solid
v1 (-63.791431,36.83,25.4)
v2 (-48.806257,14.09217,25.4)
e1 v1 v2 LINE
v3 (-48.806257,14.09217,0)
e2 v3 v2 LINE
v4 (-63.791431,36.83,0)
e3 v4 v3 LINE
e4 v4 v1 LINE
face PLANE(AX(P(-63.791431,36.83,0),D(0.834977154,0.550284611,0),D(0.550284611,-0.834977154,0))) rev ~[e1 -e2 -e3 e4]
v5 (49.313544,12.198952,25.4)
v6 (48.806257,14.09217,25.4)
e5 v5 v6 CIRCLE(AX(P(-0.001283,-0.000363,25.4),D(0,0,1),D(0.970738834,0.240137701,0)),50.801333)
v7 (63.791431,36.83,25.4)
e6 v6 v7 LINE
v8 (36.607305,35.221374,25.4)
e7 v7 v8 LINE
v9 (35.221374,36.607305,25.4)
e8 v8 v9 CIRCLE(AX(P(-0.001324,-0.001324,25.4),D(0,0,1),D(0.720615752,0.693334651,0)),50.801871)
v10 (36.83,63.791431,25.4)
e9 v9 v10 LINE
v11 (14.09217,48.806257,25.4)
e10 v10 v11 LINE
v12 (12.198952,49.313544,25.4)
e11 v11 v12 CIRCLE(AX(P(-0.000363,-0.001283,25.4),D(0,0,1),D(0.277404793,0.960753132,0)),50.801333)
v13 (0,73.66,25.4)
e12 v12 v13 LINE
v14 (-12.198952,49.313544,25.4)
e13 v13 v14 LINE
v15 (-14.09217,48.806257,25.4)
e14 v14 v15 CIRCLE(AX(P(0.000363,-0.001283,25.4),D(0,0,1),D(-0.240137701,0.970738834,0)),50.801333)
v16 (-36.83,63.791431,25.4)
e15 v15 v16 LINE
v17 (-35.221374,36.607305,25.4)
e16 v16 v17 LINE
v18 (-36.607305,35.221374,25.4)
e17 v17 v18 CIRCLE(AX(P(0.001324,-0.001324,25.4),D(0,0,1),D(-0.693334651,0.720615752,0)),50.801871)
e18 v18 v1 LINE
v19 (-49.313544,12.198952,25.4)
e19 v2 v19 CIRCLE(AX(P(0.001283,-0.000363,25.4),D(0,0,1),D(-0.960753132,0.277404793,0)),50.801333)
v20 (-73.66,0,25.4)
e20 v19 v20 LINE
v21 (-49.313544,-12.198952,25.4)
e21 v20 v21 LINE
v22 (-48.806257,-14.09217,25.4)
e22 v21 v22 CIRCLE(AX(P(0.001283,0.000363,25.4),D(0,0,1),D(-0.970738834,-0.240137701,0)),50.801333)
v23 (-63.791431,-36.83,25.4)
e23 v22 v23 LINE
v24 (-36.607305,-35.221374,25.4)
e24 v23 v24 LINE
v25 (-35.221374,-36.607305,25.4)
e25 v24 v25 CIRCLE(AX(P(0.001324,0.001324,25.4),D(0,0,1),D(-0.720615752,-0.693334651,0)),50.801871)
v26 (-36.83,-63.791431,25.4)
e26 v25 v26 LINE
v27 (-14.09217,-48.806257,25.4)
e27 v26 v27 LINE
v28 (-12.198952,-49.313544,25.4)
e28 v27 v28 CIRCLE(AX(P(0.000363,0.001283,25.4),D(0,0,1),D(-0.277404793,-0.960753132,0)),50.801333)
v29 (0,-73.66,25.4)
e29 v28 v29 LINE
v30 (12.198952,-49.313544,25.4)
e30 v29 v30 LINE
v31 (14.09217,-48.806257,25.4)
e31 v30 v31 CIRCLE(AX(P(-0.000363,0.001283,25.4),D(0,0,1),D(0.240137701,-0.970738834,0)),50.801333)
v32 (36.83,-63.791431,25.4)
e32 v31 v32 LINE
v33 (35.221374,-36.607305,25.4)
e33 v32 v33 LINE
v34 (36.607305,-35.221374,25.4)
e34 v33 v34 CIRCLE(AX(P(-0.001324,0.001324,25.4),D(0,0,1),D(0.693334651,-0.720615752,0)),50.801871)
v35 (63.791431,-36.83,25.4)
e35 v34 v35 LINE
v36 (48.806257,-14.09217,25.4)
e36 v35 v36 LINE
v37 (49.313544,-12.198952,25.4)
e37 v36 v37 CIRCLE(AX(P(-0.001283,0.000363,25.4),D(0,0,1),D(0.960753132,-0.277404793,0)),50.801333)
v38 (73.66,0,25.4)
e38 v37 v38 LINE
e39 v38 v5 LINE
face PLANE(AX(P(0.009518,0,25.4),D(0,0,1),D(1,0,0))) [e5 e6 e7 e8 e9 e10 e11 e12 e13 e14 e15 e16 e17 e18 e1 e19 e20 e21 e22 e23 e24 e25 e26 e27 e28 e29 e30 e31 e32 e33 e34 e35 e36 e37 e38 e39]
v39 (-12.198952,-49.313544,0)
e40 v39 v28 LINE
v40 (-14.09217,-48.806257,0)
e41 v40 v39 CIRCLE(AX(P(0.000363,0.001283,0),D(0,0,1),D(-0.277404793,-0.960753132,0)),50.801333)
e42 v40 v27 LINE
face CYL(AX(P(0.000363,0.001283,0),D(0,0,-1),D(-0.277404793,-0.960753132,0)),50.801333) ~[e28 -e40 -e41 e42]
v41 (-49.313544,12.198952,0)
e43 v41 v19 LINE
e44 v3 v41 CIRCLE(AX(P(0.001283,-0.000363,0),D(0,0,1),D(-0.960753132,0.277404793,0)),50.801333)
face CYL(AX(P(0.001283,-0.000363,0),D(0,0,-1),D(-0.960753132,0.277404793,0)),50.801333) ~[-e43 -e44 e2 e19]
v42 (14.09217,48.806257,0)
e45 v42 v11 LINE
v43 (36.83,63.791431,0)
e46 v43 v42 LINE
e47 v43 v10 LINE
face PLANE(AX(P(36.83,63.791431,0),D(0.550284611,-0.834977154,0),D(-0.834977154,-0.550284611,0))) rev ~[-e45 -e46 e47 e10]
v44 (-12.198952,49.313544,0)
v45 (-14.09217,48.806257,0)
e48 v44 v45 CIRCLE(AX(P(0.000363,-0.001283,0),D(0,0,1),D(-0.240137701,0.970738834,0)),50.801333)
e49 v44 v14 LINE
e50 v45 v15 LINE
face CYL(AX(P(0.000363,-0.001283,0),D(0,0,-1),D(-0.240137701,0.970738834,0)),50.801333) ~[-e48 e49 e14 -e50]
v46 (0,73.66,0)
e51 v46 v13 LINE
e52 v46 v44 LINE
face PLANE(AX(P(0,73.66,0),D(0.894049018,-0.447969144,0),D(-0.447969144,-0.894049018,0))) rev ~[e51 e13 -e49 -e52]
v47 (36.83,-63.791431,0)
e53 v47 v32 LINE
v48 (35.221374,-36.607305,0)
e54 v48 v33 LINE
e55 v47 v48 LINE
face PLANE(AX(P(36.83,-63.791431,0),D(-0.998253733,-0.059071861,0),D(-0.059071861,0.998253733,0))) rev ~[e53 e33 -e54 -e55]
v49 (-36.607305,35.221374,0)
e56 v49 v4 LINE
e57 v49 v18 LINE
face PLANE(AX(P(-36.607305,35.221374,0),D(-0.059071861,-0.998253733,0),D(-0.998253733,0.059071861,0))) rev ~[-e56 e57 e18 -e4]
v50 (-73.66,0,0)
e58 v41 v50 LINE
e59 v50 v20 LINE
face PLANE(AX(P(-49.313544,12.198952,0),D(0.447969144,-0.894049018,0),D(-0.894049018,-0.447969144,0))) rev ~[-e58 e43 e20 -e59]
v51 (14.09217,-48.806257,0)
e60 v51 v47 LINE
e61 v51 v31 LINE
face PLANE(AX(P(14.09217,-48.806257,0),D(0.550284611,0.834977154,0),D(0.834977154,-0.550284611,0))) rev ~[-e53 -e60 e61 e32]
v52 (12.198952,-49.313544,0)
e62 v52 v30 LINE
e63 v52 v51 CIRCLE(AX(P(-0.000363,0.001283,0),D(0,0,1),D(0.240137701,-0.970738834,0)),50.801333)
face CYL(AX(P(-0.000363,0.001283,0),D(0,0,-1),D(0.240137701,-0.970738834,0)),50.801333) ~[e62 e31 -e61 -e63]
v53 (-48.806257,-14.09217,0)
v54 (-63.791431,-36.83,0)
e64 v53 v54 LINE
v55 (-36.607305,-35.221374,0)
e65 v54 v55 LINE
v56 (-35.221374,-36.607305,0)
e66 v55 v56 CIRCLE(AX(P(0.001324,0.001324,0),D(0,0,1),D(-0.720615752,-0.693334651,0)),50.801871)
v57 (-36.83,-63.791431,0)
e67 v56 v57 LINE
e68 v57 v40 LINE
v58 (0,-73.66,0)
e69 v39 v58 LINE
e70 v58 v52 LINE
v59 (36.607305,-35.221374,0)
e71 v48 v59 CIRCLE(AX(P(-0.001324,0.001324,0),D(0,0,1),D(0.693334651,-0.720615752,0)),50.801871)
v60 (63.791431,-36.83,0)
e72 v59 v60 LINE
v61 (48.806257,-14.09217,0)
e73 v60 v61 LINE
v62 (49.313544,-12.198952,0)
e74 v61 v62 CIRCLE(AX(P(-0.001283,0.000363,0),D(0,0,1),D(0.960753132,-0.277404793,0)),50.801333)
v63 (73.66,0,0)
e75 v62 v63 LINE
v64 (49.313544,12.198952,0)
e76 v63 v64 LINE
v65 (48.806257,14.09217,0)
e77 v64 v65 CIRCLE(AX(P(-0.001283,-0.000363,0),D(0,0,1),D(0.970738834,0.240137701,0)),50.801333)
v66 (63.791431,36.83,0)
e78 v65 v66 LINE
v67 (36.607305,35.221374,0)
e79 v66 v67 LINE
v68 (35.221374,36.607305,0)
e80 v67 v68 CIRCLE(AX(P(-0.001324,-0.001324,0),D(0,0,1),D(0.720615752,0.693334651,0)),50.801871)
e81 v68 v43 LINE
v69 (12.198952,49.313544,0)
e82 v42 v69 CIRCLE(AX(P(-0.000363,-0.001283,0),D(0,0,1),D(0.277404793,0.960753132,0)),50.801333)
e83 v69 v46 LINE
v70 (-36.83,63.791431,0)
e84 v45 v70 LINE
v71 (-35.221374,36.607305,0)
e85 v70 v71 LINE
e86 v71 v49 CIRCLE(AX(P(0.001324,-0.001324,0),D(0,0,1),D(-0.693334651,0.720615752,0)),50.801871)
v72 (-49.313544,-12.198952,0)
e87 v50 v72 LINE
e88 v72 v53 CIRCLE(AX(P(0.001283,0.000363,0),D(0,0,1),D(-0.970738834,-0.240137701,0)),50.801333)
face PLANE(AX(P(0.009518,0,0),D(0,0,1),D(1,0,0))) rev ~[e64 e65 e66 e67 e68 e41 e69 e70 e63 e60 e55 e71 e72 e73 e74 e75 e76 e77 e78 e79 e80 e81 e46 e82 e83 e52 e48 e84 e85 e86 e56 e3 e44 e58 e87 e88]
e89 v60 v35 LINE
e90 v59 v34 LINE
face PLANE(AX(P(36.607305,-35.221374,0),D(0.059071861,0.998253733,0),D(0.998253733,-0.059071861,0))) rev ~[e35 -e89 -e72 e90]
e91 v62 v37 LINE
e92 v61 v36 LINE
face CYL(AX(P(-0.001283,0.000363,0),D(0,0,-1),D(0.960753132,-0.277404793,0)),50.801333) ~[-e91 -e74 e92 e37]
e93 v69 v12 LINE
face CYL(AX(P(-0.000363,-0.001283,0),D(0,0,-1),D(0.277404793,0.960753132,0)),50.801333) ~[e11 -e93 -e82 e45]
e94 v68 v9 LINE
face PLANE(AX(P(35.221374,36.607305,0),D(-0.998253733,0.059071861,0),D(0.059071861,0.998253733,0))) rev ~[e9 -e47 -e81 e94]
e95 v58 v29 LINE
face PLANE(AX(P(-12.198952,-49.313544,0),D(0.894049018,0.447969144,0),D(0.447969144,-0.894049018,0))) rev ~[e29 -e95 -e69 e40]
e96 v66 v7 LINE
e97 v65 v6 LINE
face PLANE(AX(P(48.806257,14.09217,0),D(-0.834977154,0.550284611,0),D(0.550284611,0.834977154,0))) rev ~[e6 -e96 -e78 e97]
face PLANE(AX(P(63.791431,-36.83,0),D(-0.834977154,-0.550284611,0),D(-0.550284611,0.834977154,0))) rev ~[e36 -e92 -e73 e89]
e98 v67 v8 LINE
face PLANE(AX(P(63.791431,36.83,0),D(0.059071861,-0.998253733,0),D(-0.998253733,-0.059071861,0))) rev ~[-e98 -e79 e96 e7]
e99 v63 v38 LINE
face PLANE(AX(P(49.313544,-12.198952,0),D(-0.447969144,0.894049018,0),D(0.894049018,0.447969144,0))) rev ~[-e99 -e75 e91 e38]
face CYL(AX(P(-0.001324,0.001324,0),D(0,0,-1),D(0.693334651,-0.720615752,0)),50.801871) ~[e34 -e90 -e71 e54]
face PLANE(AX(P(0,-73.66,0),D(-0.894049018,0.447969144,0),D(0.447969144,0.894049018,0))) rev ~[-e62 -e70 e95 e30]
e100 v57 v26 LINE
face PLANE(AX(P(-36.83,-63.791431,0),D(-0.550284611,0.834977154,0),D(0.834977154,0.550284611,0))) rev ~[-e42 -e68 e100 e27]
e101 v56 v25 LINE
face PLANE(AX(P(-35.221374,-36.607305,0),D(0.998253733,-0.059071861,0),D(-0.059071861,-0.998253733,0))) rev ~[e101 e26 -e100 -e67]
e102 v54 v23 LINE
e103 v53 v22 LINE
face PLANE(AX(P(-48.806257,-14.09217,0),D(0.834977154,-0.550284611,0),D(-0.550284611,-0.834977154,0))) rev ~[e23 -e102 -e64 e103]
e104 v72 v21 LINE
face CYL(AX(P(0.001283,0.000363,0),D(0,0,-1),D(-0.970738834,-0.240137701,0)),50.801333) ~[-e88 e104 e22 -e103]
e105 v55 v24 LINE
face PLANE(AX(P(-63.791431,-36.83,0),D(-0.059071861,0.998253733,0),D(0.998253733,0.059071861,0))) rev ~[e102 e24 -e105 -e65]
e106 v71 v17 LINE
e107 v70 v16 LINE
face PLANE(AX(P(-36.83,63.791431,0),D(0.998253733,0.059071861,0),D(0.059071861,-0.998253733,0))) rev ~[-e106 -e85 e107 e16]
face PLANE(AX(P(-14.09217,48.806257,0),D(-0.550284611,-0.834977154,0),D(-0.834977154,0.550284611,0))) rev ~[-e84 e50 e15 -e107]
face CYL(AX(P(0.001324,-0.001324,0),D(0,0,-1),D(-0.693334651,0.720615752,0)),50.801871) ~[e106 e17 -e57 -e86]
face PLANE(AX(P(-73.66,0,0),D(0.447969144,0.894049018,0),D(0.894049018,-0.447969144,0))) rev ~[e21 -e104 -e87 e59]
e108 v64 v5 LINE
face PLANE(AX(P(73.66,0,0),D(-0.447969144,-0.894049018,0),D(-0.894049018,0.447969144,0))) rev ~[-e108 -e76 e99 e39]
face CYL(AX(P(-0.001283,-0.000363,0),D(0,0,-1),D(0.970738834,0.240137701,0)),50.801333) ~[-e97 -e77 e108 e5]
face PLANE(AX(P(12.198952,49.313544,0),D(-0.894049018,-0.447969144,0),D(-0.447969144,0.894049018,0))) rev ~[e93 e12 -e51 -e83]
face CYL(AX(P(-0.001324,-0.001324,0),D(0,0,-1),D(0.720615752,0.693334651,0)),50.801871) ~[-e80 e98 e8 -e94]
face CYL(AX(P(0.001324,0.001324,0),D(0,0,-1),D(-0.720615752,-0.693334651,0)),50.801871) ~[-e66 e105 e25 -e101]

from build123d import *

# Parameters (mm, degrees)
F1_DEPTH = 25.4


with BuildPart() as f1:
    # F0 (on Top) → F1 (new body)
    with BuildSketch(Plane.XY):
        with BuildLine():
            ThreePointArc((49.313544, -12.198952), (50.427017, -6.144591), (50.8, 0))
            ThreePointArc((50.8, 0), (50.427017, 6.144591), (49.313544, 12.198952))
            ThreePointArc((49.313544, 12.198952), (49.069032, 13.148007), (48.806257, 14.09217))
            ThreePointArc((48.806257, 14.09217), (43.994091, 25.4), (36.607305, 35.221374))
            ThreePointArc((36.607305, 35.221374), (35.921024, 35.921024), (35.221374, 36.607305))
            ThreePointArc((35.221374, 36.607305), (25.4, 43.994091), (14.09217, 48.806257))
            ThreePointArc((14.09217, 48.806257), (13.148007, 49.069032), (12.198952, 49.313544))
            ThreePointArc((12.198952, 49.313544), (0, 50.8), (-12.198952, 49.313544))
            ThreePointArc((-12.198952, 49.313544), (-13.148007, 49.069032), (-14.09217, 48.806257))
            ThreePointArc((-14.09217, 48.806257), (-25.4, 43.994091), (-35.221374, 36.607305))
            ThreePointArc((-35.221374, 36.607305), (-35.921024, 35.921024), (-36.607305, 35.221374))
            ThreePointArc((-36.607305, 35.221374), (-43.994091, 25.4), (-48.806257, 14.09217))
            ThreePointArc((-48.806257, 14.09217), (-49.069032, 13.148007), (-49.313544, 12.198952))
            ThreePointArc((-49.313544, 12.198952), (-50.8, 0), (-49.313544, -12.198952))
            ThreePointArc((-49.313544, -12.198952), (-49.069032, -13.148007), (-48.806257, -14.09217))
            ThreePointArc((-48.806257, -14.09217), (-43.994091, -25.4), (-36.607305, -35.221374))
            ThreePointArc((-36.607305, -35.221374), (-35.921024, -35.921024), (-35.221374, -36.607305))
            ThreePointArc((-35.221374, -36.607305), (-25.4, -43.994091), (-14.09217, -48.806257))
            ThreePointArc((-14.09217, -48.806257), (-13.148007, -49.069032), (-12.198952, -49.313544))
            ThreePointArc((-12.198952, -49.313544), (0, -50.8), (12.198952, -49.313544))
            ThreePointArc((12.198952, -49.313544), (13.148007, -49.069032), (14.09217, -48.806257))
            ThreePointArc((14.09217, -48.806257), (25.4, -43.994091), (35.221374, -36.607305))
            ThreePointArc((35.221374, -36.607305), (35.921024, -35.921024), (36.607305, -35.221374))
            ThreePointArc((36.607305, -35.221374), (43.994091, -25.4), (48.806257, -14.09217))
            ThreePointArc((48.806257, -14.09217), (49.069032, -13.148007), (49.313544, -12.198952))
        make_face()
        with BuildLine():
            ThreePointArc((49.313544, 12.198952), (50.427017, 6.144591), (50.8, 0))
            ThreePointArc((50.8, 0), (50.427017, -6.144591), (49.313544, -12.198952))
            Line((49.313544, -12.198952), (73.66, 0))
            Line((73.66, 0), (49.313544, 12.198952))
        make_face()
        with BuildLine():
            ThreePointArc((36.607305, 35.221374), (43.994091, 25.4), (48.806257, 14.09217))
            Line((48.806257, 14.09217), (63.791431, 36.83))
            Line((63.791431, 36.83), (36.607305, 35.221374))
        make_face()
        with BuildLine():
            Line((63.791431, -36.83), (48.806257, -14.09217))
            ThreePointArc((48.806257, -14.09217), (43.994091, -25.4), (36.607305, -35.221374))
            Line((36.607305, -35.221374), (63.791431, -36.83))
        make_face()
        with BuildLine():
            ThreePointArc((14.09217, 48.806257), (25.4, 43.994091), (35.221374, 36.607305))
            Line((35.221374, 36.607305), (36.83, 63.791431))
            Line((36.83, 63.791431), (14.09217, 48.806257))
        make_face()
        with BuildLine():
            Line((36.83, -63.791431), (35.221374, -36.607305))
            ThreePointArc((35.221374, -36.607305), (25.4, -43.994091), (14.09217, -48.806257))
            Line((14.09217, -48.806257), (36.83, -63.791431))
        make_face()
        with BuildLine():
            ThreePointArc((-12.198952, 49.313544), (0, 50.8), (12.198952, 49.313544))
            Line((12.198952, 49.313544), (0, 73.66))
            Line((0, 73.66), (-12.198952, 49.313544))
        make_face()
        with BuildLine():
            Line((0, -73.66), (12.198952, -49.313544))
            ThreePointArc((12.198952, -49.313544), (0, -50.8), (-12.198952, -49.313544))
            Line((-12.198952, -49.313544), (0, -73.66))
        make_face()
        with BuildLine():
            ThreePointArc((-35.221374, 36.607305), (-25.4, 43.994091), (-14.09217, 48.806257))
            Line((-14.09217, 48.806257), (-36.83, 63.791431))
            Line((-36.83, 63.791431), (-35.221374, 36.607305))
        make_face()
        with BuildLine():
            Line((-36.83, -63.791431), (-14.09217, -48.806257))
            ThreePointArc((-14.09217, -48.806257), (-25.4, -43.994091), (-35.221374, -36.607305))
            Line((-35.221374, -36.607305), (-36.83, -63.791431))
        make_face()
        with BuildLine():
            ThreePointArc((-48.806257, 14.09217), (-43.994091, 25.4), (-36.607305, 35.221374))
            Line((-36.607305, 35.221374), (-63.791431, 36.83))
            Line((-63.791431, 36.83), (-48.806257, 14.09217))
        make_face()
        with BuildLine():
            Line((-63.791431, -36.83), (-36.607305, -35.221374))
            ThreePointArc((-36.607305, -35.221374), (-43.994091, -25.4), (-48.806257, -14.09217))
            Line((-48.806257, -14.09217), (-63.791431, -36.83))
        make_face()
        with BuildLine():
            ThreePointArc((-49.313544, -12.198952), (-50.8, 0), (-49.313544, 12.198952))
            Line((-49.313544, 12.198952), (-73.66, 0))
            Line((-73.66, 0), (-49.313544, -12.198952))
        make_face()
    extrude(amount=F1_DEPTH)


solid = f1.part
